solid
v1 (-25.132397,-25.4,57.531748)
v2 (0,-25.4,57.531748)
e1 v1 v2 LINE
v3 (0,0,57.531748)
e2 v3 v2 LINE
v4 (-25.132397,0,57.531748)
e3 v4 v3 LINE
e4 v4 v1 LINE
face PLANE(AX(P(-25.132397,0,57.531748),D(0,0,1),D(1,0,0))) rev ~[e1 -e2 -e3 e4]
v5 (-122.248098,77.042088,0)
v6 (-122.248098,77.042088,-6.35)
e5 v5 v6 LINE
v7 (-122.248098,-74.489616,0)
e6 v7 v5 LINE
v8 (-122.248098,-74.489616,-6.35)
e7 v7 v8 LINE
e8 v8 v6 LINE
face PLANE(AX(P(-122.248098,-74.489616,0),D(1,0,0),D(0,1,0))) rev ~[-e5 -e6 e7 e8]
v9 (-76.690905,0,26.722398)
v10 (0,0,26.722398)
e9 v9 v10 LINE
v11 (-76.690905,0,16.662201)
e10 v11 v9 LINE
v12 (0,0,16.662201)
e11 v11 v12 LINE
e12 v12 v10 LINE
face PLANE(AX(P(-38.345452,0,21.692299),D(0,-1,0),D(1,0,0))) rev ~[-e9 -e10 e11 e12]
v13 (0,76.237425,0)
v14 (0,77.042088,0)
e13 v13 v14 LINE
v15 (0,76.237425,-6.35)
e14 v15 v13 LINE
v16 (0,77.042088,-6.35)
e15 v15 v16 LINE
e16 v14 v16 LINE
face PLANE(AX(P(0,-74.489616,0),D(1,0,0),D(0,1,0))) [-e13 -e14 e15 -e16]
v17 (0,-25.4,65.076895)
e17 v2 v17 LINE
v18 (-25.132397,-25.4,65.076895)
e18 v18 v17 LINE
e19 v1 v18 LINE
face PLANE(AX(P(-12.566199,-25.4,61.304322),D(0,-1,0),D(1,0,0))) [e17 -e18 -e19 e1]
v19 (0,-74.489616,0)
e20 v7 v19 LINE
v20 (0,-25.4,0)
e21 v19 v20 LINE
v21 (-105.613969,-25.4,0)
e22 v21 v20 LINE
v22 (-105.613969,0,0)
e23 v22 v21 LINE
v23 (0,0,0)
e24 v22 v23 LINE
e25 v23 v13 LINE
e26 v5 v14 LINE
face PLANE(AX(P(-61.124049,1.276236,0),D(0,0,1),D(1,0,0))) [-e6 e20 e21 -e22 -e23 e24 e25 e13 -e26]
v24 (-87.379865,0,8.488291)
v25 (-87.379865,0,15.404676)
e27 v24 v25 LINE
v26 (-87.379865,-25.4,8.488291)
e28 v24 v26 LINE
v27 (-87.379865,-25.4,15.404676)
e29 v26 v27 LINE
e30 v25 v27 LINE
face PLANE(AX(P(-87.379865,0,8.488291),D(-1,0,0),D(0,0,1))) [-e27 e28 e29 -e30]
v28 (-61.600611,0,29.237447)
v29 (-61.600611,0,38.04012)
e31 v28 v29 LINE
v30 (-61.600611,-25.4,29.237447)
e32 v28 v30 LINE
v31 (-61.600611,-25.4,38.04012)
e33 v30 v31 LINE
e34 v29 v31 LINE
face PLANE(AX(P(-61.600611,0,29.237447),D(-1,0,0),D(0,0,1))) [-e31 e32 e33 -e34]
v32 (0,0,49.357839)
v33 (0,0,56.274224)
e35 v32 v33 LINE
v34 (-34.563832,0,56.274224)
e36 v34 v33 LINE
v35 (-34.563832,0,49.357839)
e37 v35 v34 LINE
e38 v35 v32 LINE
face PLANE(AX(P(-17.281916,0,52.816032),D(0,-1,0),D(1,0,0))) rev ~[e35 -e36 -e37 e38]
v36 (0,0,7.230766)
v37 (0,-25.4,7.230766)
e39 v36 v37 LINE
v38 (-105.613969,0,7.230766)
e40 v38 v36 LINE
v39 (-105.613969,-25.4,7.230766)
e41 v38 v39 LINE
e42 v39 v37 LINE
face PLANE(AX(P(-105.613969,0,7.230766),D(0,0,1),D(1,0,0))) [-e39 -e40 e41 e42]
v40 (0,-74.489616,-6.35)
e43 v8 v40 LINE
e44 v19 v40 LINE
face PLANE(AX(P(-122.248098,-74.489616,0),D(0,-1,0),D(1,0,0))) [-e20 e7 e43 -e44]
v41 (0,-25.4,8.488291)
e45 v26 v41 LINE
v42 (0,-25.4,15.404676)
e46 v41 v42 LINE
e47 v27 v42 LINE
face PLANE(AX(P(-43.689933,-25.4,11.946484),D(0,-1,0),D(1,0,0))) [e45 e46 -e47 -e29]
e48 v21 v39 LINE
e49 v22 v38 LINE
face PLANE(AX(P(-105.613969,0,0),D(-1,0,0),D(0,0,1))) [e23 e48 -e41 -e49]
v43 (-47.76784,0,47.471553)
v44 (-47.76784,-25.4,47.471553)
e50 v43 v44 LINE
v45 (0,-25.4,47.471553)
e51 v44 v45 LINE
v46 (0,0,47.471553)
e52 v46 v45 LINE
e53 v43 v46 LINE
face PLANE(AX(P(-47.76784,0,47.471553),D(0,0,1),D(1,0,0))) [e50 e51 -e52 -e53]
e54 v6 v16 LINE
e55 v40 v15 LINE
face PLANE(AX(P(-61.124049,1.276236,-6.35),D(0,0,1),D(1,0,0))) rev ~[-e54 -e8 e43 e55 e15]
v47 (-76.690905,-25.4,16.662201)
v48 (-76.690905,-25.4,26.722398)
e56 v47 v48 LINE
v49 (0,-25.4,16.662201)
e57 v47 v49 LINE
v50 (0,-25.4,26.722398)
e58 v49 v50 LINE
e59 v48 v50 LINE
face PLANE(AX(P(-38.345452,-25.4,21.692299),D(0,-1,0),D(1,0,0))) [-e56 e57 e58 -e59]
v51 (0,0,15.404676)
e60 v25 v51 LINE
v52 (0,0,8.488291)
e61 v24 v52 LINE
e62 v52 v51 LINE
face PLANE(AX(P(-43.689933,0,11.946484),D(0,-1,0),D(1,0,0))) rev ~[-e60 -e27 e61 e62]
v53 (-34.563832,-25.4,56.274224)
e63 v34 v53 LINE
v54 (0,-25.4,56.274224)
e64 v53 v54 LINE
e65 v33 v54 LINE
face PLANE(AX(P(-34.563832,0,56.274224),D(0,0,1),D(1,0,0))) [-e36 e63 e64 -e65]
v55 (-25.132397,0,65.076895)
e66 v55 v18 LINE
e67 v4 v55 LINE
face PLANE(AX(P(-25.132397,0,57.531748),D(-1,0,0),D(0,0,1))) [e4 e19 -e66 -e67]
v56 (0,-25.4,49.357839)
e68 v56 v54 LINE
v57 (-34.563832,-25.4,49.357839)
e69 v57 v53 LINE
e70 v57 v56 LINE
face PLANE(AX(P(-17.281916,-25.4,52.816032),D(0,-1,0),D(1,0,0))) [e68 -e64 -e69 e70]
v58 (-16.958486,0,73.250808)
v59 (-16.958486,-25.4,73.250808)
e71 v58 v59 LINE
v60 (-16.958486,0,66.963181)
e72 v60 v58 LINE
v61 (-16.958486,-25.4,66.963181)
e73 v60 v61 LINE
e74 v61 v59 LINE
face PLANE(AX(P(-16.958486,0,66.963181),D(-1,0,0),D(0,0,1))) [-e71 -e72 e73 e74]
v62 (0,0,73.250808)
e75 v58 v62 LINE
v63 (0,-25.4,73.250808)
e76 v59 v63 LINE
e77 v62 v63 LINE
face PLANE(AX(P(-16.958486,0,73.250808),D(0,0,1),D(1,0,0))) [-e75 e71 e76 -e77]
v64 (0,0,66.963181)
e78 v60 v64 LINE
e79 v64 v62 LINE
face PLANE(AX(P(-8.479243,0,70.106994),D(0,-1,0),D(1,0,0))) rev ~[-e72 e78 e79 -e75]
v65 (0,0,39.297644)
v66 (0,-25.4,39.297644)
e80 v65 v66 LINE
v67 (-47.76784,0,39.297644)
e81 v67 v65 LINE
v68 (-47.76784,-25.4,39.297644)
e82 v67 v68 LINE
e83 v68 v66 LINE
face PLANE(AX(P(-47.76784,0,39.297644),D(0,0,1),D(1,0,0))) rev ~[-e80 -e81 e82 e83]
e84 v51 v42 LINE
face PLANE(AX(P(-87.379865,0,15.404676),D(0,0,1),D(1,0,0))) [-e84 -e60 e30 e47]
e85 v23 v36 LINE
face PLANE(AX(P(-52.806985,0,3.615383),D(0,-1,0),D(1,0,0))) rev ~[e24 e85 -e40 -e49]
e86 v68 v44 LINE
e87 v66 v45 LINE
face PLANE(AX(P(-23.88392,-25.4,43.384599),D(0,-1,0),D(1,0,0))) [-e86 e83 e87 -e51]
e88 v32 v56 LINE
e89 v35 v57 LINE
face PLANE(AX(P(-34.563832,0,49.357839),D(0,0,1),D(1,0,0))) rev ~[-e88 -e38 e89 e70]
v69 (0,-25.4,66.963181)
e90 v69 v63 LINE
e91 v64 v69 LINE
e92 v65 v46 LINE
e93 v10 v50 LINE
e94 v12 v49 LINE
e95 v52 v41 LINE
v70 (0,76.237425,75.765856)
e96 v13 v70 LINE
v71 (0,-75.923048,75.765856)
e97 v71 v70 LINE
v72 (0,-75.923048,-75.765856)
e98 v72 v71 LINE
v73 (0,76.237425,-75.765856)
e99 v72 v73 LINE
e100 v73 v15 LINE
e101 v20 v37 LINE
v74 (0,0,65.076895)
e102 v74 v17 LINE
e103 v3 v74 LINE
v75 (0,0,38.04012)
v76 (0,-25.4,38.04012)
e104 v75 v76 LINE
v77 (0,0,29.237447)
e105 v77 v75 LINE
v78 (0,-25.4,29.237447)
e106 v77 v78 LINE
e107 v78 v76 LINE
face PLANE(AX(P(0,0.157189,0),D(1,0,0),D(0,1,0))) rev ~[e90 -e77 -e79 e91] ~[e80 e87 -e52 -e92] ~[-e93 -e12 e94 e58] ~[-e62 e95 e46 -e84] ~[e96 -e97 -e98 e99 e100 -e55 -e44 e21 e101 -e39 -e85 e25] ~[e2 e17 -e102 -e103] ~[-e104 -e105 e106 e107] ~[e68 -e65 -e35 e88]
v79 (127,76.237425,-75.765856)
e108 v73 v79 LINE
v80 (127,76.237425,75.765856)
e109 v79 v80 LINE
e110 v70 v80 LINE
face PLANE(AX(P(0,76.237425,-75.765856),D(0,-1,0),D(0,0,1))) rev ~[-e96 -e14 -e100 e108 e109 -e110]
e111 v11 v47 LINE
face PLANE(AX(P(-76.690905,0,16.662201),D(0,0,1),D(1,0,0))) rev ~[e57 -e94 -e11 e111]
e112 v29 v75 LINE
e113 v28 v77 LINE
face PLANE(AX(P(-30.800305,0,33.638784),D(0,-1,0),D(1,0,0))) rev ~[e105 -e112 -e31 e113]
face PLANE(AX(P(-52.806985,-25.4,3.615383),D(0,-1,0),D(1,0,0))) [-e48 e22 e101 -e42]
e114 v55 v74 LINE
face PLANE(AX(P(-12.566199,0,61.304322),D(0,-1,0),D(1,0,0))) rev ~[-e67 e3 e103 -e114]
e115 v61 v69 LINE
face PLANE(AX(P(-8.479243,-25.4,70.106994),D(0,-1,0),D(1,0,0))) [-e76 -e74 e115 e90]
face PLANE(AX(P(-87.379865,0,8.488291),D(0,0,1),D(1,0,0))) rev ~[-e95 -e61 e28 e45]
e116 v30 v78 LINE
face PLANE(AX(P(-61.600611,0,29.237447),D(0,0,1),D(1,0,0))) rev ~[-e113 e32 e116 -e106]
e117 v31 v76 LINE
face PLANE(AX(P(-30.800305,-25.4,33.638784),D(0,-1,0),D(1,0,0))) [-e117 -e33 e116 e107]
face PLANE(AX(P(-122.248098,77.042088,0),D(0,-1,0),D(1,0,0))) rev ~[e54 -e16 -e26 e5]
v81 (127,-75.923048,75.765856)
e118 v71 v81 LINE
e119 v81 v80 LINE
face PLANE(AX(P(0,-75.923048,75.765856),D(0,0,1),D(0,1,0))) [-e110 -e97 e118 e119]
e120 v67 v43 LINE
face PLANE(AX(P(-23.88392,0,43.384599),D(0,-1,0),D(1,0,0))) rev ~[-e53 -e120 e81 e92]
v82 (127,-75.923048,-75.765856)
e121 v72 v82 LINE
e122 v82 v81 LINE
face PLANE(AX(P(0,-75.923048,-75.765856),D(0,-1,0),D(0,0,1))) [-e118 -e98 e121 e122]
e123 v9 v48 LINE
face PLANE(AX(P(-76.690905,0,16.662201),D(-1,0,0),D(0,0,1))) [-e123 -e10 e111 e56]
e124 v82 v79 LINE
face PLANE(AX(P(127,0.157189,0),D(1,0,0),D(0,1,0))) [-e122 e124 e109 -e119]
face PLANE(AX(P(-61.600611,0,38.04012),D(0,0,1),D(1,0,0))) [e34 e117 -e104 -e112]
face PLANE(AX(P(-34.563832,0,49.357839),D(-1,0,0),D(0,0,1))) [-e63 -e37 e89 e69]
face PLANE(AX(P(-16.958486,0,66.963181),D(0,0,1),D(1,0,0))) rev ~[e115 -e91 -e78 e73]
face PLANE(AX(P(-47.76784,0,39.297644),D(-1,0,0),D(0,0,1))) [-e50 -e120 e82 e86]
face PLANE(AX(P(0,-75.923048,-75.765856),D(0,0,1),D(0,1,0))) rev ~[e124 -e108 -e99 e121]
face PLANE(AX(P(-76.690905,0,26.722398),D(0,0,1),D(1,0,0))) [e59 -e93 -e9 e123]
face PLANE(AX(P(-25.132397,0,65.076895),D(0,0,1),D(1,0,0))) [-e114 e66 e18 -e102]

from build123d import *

# Parameters (mm, degrees)
F0_W      = 152.1604731679
F0_H      = 151.5317112207
F1_DEPTH  = 127
F2_DEPTH  = 101.6
F4_W      = 122.2480982542
F4_H      = 151.5317037702
F5_DEPTH  = 6.35
F6_W      = 105.6139692664
F6_H      = 7.2307661176
F7_DEPTH  = 25.4
F8_W      = 87.3798653483
F8_H      = 6.916385144
F9_DEPTH  = 25.4
F11_W     = 61.6006106138
F11_H     = 8.8026728481
F12_DEPTH = 25.4
F13_W     = 47.7678403258
F13_H     = 8.1739090383
F14_DEPTH = 25.4
F15_W     = 34.563831985
F15_H     = 6.916385144
F16_DEPTH = 25.4
F17_W     = 25.1323971897
F17_H     = 7.5451470912
F18_DEPTH = 25.4
F19_W     = 16.9584862888
F19_H     = 6.2876269221
F20_DEPTH = 25.4
F10_W     = 76.6909047961
F10_H     = 10.0601967424
F21_DEPTH = 25.4


with BuildPart() as f1:
    # F0 (on Right) → F1 (new body)
    with BuildSketch(Plane.YZ):
        with Locations((0.1571886241, 0)):
            Rectangle(F0_W, F0_H)
    extrude(amount=F1_DEPTH)


with BuildPart() as f2:
    # F2 (new): a face of the model
    f2_faces = [f1.part.faces().sort_by_distance(p)[0] for p in [
        (63.5, -75.9230479598, 0),
    ]]
    extrude(f2_faces, amount=F2_DEPTH)


with BuildPart() as f1_1:
    add(f1.part)

    # F4 (on Top) → F5 (join)
    with BuildSketch(Plane.XY):
        with Locations((-61.1240491271, 1.2762360275)):
            Rectangle(F4_W, F4_H)
    extrude(amount=-F5_DEPTH)

    # F6 (on Front) → F7 (join)
    with BuildSketch(Plane.XZ):
        with Locations((-52.8069846332, 3.6153830588)):
            Rectangle(F6_W, F6_H)
    extrude(amount=F7_DEPTH)

    # F8 (on Front) → F9 (join)
    with BuildSketch(Plane.XZ):
        with Locations((-43.6899326742, 11.9464835152)):
            Rectangle(F8_W, F8_H)
    extrude(amount=F9_DEPTH)

    # F11 (on Front) → F12 (join)
    with BuildSketch(Plane.XZ):
        with Locations((-30.8003053069, 33.6387837306)):
            Rectangle(F11_W, F11_H)
    extrude(amount=F12_DEPTH)

    # F13 (on Front) → F14 (join)
    with BuildSketch(Plane.XZ):
        with Locations((-23.8839201629, 43.3845985681)):
            Rectangle(F13_W, F13_H)
    extrude(amount=F14_DEPTH)

    # F15 (on Front) → F16 (join)
    with BuildSketch(Plane.XZ):
        with Locations((-17.2819159925, 52.8160315007)):
            Rectangle(F15_W, F15_H)
    extrude(amount=F16_DEPTH)

    # F17 (on Front) → F18 (join)
    with BuildSketch(Plane.XZ):
        with Locations((-12.5661985949, 61.3043215126)):
            Rectangle(F17_W, F17_H)
    extrude(amount=F18_DEPTH)

    # F19 (on Front) → F20 (join)
    with BuildSketch(Plane.XZ):
        with Locations((-8.4792431444, 70.1069943607)):
            Rectangle(F19_W, F19_H)
    extrude(amount=F20_DEPTH)

    # F10 (on Front) → F21 (join)
    with BuildSketch(Plane.XZ):
        with Locations((-38.3454523981, 21.692299284)):
            Rectangle(F10_W, F10_H)
    extrude(amount=F21_DEPTH)


solid = f1_1.part
